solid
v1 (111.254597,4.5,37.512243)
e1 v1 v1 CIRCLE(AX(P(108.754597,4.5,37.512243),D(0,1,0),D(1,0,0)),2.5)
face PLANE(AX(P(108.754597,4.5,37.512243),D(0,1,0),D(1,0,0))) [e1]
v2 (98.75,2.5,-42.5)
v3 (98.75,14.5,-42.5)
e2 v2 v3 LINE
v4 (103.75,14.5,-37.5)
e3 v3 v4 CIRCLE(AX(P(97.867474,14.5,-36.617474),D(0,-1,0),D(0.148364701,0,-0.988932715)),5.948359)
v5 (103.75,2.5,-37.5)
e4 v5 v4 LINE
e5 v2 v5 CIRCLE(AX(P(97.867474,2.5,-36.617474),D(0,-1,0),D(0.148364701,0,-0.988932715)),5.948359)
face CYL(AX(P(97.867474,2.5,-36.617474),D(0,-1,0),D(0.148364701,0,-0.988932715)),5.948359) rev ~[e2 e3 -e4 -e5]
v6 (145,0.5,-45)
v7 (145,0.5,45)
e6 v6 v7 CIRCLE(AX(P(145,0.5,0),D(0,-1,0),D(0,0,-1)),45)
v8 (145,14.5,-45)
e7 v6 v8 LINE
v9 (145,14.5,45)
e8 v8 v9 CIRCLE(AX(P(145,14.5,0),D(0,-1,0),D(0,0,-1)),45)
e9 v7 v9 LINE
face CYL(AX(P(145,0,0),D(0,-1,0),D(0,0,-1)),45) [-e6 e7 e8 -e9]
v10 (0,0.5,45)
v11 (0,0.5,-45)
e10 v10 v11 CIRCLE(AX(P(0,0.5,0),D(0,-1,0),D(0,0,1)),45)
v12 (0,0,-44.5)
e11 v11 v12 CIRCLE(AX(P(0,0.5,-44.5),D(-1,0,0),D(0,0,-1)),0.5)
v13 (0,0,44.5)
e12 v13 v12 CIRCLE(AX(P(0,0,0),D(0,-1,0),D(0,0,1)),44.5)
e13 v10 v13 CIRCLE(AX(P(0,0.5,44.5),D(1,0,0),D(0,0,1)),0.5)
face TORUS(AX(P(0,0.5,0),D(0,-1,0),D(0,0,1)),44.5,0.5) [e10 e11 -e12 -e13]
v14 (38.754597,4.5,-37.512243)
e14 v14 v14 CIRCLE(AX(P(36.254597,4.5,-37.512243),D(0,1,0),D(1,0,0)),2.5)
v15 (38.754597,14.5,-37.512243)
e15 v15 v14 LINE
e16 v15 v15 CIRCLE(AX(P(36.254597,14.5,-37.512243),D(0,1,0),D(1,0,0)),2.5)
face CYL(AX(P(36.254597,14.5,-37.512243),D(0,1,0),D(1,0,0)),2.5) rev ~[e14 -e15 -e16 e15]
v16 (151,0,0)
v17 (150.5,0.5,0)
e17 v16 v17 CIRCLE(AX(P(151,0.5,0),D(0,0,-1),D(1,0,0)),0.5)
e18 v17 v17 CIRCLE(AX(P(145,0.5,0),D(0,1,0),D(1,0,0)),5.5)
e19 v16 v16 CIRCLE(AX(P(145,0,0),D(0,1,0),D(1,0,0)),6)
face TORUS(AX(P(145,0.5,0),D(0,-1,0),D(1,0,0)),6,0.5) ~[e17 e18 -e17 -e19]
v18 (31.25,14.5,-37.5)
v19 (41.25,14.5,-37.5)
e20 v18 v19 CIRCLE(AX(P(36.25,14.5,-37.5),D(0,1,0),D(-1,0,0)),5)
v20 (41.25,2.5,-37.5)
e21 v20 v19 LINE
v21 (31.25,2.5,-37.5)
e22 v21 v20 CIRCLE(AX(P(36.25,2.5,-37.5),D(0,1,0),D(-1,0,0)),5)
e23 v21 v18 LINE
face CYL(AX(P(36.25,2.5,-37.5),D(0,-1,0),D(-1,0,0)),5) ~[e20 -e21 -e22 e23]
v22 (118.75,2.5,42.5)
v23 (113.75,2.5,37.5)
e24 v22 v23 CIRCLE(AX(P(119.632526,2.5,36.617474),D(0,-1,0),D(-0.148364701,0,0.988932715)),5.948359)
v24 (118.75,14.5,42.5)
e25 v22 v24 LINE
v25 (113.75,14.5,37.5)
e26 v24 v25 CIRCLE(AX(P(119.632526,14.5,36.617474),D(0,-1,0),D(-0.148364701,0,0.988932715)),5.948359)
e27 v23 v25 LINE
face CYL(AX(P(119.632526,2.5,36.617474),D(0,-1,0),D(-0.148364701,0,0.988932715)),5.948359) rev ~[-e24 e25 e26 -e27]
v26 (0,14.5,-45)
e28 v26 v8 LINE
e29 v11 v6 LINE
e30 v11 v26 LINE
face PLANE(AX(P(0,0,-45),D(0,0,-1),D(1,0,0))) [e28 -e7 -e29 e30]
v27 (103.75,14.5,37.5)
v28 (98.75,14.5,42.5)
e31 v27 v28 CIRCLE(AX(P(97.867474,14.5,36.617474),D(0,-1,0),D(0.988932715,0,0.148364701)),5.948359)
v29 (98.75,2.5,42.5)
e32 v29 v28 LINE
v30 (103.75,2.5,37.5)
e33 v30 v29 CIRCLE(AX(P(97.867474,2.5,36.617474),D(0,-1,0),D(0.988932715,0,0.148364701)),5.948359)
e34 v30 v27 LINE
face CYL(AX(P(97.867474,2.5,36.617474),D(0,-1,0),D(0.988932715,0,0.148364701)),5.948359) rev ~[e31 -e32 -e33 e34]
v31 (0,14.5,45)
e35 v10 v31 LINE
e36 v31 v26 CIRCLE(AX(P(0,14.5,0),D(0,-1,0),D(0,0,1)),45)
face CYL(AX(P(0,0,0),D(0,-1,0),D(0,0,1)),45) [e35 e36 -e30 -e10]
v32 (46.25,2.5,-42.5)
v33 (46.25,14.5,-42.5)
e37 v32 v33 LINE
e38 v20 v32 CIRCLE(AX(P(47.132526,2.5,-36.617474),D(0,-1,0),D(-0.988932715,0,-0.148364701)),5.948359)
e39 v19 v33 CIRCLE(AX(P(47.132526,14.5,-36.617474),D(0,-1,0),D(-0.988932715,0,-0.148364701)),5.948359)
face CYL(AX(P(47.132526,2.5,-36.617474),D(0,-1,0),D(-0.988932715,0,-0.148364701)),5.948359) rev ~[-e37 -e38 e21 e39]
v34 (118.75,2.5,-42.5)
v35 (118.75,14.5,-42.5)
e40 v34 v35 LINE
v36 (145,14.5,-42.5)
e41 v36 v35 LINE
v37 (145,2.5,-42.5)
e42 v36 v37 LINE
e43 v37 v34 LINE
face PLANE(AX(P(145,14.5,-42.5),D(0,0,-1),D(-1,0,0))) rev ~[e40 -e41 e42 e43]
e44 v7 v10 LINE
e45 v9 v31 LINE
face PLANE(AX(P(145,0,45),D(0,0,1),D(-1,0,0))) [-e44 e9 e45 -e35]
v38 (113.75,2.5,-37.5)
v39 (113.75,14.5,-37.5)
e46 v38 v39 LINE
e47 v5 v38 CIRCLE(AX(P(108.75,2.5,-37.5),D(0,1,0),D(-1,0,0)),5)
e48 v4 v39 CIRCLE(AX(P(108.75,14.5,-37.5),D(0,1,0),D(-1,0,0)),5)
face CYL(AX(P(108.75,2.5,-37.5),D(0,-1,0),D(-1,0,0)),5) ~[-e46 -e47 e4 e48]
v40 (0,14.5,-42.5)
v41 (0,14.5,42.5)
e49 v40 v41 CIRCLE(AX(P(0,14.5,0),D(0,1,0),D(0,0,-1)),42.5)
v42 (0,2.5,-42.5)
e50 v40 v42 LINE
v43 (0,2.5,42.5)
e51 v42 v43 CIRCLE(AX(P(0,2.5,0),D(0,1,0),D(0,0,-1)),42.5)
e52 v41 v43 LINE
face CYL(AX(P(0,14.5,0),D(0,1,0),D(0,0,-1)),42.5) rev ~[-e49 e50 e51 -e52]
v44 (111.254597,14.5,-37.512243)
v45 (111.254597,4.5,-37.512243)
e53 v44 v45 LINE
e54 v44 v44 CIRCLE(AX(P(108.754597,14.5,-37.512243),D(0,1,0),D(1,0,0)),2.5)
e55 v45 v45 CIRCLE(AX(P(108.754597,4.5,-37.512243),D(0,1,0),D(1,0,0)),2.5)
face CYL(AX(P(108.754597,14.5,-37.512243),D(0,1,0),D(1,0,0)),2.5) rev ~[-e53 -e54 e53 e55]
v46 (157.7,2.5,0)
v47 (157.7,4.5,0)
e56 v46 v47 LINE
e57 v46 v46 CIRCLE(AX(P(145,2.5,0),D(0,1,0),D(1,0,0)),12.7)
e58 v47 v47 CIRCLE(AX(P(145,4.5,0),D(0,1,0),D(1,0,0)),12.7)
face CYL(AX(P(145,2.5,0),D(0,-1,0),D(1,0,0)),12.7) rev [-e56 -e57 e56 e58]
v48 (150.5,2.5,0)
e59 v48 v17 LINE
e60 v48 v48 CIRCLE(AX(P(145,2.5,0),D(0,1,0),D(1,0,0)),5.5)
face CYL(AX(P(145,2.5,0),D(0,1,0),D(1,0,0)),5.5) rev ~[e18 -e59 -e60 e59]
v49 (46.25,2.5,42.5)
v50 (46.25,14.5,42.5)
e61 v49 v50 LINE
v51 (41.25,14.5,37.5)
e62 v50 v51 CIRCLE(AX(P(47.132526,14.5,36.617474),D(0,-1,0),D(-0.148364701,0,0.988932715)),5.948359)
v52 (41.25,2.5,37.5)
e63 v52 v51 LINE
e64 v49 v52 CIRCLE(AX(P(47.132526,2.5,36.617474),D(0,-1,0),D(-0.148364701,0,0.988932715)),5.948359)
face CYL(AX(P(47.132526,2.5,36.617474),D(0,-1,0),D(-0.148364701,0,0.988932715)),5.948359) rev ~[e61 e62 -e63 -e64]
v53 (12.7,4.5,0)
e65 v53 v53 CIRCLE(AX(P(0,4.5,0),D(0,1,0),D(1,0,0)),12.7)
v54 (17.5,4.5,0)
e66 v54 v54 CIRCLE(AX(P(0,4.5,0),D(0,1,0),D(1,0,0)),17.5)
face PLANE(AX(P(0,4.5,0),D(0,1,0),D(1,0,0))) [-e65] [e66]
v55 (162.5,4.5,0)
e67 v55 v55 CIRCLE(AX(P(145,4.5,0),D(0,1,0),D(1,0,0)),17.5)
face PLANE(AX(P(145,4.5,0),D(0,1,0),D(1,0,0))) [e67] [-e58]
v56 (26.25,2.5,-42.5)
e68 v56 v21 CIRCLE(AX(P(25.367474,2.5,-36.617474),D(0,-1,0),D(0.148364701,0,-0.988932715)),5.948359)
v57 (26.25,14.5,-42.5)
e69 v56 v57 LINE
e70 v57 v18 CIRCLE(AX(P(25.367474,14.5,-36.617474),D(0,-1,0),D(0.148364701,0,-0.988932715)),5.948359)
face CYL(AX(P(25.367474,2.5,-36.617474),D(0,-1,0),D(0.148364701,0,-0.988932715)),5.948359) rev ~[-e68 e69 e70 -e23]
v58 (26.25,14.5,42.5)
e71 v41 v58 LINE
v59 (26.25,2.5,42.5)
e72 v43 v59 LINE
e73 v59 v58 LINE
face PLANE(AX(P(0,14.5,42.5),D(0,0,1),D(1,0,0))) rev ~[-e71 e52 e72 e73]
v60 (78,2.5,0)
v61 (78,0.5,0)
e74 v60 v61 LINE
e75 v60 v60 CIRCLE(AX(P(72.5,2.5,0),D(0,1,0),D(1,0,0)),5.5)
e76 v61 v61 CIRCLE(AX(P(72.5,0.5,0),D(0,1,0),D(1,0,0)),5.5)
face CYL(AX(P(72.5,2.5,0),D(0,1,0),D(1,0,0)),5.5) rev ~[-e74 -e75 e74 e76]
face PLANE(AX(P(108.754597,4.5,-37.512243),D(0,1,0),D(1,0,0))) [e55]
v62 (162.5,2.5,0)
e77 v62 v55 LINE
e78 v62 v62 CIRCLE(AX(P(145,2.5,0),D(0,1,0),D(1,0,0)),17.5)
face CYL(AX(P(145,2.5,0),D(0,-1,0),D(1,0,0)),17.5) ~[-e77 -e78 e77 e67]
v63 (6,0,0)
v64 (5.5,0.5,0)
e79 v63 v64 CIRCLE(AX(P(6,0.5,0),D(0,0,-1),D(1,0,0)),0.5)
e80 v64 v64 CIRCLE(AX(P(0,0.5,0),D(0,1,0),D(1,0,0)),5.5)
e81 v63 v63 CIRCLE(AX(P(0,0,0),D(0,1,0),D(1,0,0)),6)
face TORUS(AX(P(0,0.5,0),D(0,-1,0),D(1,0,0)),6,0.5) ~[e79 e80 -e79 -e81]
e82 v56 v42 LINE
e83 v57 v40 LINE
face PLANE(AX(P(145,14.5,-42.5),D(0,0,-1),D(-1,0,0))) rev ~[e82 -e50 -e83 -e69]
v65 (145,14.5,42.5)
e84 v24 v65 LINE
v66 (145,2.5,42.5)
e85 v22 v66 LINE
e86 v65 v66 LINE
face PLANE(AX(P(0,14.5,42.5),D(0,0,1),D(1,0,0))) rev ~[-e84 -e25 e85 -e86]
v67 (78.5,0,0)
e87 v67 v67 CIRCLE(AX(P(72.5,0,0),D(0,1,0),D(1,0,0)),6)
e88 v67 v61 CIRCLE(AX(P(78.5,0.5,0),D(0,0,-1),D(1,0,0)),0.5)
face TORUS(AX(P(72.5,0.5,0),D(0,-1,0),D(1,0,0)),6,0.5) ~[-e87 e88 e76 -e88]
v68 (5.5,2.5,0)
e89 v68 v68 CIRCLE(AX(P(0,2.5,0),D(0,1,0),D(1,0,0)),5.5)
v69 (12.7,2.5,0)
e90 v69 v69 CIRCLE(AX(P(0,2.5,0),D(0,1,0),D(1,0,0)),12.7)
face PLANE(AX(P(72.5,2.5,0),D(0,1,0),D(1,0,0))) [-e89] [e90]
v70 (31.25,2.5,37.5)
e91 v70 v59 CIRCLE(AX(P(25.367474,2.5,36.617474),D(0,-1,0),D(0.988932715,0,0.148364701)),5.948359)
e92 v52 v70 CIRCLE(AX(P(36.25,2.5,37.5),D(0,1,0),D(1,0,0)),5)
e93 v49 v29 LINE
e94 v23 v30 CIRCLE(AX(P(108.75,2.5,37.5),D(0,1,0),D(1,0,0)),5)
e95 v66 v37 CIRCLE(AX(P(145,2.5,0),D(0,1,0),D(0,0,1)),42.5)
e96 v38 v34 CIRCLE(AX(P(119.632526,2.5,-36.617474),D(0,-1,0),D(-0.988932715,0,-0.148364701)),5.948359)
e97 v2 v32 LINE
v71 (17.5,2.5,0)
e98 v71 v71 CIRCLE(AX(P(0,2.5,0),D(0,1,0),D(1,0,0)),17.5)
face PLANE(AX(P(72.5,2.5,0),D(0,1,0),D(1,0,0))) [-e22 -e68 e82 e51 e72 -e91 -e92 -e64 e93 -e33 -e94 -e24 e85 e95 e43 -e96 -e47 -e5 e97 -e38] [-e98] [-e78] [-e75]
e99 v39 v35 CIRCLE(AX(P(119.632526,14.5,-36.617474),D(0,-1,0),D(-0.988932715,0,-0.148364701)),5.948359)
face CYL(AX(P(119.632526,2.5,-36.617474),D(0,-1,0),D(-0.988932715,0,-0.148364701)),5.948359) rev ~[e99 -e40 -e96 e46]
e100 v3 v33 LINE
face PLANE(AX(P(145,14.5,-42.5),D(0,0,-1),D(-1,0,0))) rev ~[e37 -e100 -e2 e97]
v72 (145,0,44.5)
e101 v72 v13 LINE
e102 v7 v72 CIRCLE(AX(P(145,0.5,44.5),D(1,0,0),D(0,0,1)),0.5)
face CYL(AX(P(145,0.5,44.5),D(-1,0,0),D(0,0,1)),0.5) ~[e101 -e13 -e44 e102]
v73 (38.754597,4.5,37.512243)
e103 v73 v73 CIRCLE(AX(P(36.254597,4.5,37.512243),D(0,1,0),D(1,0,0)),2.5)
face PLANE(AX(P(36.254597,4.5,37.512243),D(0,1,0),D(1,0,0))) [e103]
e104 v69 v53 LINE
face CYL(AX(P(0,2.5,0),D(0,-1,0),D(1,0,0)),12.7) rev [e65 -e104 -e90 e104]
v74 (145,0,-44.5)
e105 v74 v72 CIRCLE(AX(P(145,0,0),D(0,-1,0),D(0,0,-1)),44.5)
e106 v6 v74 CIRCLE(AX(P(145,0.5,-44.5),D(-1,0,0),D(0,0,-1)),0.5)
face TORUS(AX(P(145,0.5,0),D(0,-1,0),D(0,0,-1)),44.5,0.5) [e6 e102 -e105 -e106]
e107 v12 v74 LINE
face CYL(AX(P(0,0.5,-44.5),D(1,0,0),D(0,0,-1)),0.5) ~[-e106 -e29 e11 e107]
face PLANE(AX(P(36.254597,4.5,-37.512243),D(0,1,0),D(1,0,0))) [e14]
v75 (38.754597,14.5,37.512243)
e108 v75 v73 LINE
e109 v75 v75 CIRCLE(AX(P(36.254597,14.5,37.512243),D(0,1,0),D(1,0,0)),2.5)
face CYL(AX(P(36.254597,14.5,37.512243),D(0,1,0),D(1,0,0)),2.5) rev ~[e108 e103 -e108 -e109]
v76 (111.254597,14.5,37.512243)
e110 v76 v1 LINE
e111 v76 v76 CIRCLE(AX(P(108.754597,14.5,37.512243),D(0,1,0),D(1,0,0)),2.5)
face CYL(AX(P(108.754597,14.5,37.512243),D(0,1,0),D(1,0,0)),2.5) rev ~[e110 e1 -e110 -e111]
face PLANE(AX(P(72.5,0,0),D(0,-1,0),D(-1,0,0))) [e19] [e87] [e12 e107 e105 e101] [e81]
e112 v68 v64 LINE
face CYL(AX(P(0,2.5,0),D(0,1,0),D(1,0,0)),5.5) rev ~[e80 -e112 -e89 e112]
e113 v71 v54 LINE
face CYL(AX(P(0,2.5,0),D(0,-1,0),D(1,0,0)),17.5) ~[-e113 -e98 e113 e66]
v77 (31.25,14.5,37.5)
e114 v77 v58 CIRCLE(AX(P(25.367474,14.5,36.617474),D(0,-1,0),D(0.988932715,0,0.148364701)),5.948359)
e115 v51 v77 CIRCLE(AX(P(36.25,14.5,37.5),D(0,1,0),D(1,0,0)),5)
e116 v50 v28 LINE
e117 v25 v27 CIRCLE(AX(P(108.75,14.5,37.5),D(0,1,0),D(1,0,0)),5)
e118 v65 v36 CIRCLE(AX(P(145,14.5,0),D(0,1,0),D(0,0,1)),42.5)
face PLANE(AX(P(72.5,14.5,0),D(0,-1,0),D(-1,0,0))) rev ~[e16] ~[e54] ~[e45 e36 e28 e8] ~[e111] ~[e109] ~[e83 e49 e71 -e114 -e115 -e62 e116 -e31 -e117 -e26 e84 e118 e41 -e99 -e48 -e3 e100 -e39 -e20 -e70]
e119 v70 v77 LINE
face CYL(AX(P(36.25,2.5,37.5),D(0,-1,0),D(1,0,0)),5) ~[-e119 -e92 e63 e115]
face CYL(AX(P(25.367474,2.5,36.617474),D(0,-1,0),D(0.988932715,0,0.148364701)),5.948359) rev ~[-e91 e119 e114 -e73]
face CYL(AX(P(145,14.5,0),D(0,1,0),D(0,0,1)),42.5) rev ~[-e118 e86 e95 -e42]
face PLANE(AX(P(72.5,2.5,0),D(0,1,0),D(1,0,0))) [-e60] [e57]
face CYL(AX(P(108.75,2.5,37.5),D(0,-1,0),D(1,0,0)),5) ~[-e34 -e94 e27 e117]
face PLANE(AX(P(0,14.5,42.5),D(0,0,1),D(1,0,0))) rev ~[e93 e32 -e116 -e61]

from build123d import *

# Parameters (mm, degrees)
BOSS_EXTRUDE1_DEPTH = 14.5
CUT_EXTRUDE1_DEPTH  = 12
SKETCH3_R           = 17.5
SKETCH3_R_2         = 12.7
BOSS_EXTRUDE2_DEPTH = 2
SKETCH4_R           = 5.5
CUT_EXTRUDE2_DEPTH  = 3.5
BOSS_EXTRUDE4_DEPTH = 12
SKETCH6_R           = 2.5
CUT_EXTRUDE4_DEPTH  = 10
SKETCH7_R           = 5.5
CUT_EXTRUDE5_DEPTH  = 10
FILLET1_R           = 0.5


with BuildPart() as part:
    # Sketch1 → Boss-Extrude1 (new body)
    with BuildSketch(Plane(origin=(0, 0, 0), x_dir=(1, 0, 0), z_dir=(0, 1, 0))):
        with BuildLine():
            Line((0, 45), (145, 45))
            ThreePointArc((145, 45), (190, 0), (145, -45))
            Line((145, -45), (0, -45))
            ThreePointArc((0, -45), (-45, 0), (0, 45))
        make_face()
    extrude(amount=BOSS_EXTRUDE1_DEPTH)

    # Sketch2 → Cut-Extrude1 (cut)
    with BuildSketch(Plane(origin=(0, 14.5, 0), x_dir=(1, 0, 0), z_dir=(0, 1, 0))):
        with BuildLine():
            Line((145, 42.5), (0, 42.5))
            ThreePointArc((0, 42.5), (-42.5, 0), (0, -42.5))
            Line((0, -42.5), (145, -42.5))
            ThreePointArc((145, -42.5), (187.5, 0), (145, 42.5))
        make_face()
    extrude(amount=-CUT_EXTRUDE1_DEPTH, mode=Mode.SUBTRACT)

    # Sketch3 → Boss-Extrude2 (add)
    with BuildSketch(Plane(origin=(0, 2.5, 0), x_dir=(1, 0, 0), z_dir=(0, 1, 0))):
        Circle(SKETCH3_R)
        Circle(SKETCH3_R_2, mode=Mode.SUBTRACT)
        with Locations((145, 0)):
            Circle(SKETCH3_R)
        with Locations((145, 0)):
            Circle(SKETCH3_R_2, mode=Mode.SUBTRACT)
    extrude(amount=BOSS_EXTRUDE2_DEPTH)

    # Sketch4 → Cut-Extrude2 (cut, through all)
    with BuildSketch(Plane(origin=(0, 2.5, 0), x_dir=(1, 0, 0), z_dir=(0, 1, 0))):
        with Locations((72.5, 0)):
            Circle(SKETCH4_R)
    extrude(amount=-CUT_EXTRUDE2_DEPTH, mode=Mode.SUBTRACT)

    # Sketch5 → Boss-Extrude4 (add)
    with BuildSketch(Plane(origin=(0, 2.5, 0), x_dir=(1, 0, 0), z_dir=(0, 1, 0))):
        with BuildLine():
            ThreePointArc((98.75, 42.5), (102.073598273, 40.823598273), (103.75, 37.5))
            ThreePointArc((103.75, 37.5), (108.75, 32.5), (113.75, 37.5))
            ThreePointArc((113.75, 37.5), (115.426401727, 40.823598273), (118.75, 42.5))
            Line((118.75, 42.5), (98.75, 42.5))
        make_face()
        with BuildLine():
            ThreePointArc((41.25, 37.5), (42.926401727, 40.823598273), (46.25, 42.5))
            Line((46.25, 42.5), (26.25, 42.5))
            ThreePointArc((26.25, 42.5), (29.573598273, 40.823598273), (31.25, 37.5))
            ThreePointArc((31.25, 37.5), (36.25, 32.5), (41.25, 37.5))
        make_face()
        with BuildLine():
            Line((98.75, -42.5), (118.75, -42.5))
            ThreePointArc((118.75, -42.5), (115.426401727, -40.823598273), (113.75, -37.5))
            ThreePointArc((113.75, -37.5), (108.75, -32.5), (103.75, -37.5))
            ThreePointArc((103.75, -37.5), (102.073598273, -40.823598273), (98.75, -42.5))
        make_face()
        with BuildLine():
            ThreePointArc((31.25, -37.5), (29.573598273, -40.823598273), (26.25, -42.5))
            Line((26.25, -42.5), (46.25, -42.5))
            ThreePointArc((46.25, -42.5), (42.926401727, -40.823598273), (41.25, -37.5))
            ThreePointArc((41.25, -37.5), (36.25, -32.5), (31.25, -37.5))
        make_face()
    extrude(amount=BOSS_EXTRUDE4_DEPTH)

    # Sketch6 → Cut-Extrude4 (cut)
    with BuildSketch(Plane(origin=(0, 14.5, 0), x_dir=(1, 0, 0), z_dir=(0, 1, 0))):
        with Locations((108.754596876, 37.512242845)):
            Circle(SKETCH6_R)
        with Locations((36.254596876, 37.512242845)):
            Circle(SKETCH6_R)
        with Locations((36.254596876, -37.512242845)):
            Circle(SKETCH6_R)
        with Locations((108.754596876, -37.512242845)):
            Circle(SKETCH6_R)
    extrude(amount=-CUT_EXTRUDE4_DEPTH, mode=Mode.SUBTRACT)

    # Sketch7 → Cut-Extrude5 (cut)
    with BuildSketch(Plane(origin=(0, 2.5, 0), x_dir=(1, 0, 0), z_dir=(0, 1, 0))):
        Circle(SKETCH7_R)
        with Locations((145, 0)):
            Circle(SKETCH7_R)
    extrude(amount=-CUT_EXTRUDE5_DEPTH, mode=Mode.SUBTRACT)

    # Fillet1
    fillet1_edges = [part.edges().sort_by_distance(p)[0] for p in [
        (-5.5, 0, 0),
        (139.5, 0, 0),
        (67, 0, 0),
        (72.5, 0, -45),
        (190, 0, 0),
        (72.5, 0, 45),
        (-45, 0, 0),
    ]]
    fillet(fillet1_edges, radius=FILLET1_R)


solid = part.part
